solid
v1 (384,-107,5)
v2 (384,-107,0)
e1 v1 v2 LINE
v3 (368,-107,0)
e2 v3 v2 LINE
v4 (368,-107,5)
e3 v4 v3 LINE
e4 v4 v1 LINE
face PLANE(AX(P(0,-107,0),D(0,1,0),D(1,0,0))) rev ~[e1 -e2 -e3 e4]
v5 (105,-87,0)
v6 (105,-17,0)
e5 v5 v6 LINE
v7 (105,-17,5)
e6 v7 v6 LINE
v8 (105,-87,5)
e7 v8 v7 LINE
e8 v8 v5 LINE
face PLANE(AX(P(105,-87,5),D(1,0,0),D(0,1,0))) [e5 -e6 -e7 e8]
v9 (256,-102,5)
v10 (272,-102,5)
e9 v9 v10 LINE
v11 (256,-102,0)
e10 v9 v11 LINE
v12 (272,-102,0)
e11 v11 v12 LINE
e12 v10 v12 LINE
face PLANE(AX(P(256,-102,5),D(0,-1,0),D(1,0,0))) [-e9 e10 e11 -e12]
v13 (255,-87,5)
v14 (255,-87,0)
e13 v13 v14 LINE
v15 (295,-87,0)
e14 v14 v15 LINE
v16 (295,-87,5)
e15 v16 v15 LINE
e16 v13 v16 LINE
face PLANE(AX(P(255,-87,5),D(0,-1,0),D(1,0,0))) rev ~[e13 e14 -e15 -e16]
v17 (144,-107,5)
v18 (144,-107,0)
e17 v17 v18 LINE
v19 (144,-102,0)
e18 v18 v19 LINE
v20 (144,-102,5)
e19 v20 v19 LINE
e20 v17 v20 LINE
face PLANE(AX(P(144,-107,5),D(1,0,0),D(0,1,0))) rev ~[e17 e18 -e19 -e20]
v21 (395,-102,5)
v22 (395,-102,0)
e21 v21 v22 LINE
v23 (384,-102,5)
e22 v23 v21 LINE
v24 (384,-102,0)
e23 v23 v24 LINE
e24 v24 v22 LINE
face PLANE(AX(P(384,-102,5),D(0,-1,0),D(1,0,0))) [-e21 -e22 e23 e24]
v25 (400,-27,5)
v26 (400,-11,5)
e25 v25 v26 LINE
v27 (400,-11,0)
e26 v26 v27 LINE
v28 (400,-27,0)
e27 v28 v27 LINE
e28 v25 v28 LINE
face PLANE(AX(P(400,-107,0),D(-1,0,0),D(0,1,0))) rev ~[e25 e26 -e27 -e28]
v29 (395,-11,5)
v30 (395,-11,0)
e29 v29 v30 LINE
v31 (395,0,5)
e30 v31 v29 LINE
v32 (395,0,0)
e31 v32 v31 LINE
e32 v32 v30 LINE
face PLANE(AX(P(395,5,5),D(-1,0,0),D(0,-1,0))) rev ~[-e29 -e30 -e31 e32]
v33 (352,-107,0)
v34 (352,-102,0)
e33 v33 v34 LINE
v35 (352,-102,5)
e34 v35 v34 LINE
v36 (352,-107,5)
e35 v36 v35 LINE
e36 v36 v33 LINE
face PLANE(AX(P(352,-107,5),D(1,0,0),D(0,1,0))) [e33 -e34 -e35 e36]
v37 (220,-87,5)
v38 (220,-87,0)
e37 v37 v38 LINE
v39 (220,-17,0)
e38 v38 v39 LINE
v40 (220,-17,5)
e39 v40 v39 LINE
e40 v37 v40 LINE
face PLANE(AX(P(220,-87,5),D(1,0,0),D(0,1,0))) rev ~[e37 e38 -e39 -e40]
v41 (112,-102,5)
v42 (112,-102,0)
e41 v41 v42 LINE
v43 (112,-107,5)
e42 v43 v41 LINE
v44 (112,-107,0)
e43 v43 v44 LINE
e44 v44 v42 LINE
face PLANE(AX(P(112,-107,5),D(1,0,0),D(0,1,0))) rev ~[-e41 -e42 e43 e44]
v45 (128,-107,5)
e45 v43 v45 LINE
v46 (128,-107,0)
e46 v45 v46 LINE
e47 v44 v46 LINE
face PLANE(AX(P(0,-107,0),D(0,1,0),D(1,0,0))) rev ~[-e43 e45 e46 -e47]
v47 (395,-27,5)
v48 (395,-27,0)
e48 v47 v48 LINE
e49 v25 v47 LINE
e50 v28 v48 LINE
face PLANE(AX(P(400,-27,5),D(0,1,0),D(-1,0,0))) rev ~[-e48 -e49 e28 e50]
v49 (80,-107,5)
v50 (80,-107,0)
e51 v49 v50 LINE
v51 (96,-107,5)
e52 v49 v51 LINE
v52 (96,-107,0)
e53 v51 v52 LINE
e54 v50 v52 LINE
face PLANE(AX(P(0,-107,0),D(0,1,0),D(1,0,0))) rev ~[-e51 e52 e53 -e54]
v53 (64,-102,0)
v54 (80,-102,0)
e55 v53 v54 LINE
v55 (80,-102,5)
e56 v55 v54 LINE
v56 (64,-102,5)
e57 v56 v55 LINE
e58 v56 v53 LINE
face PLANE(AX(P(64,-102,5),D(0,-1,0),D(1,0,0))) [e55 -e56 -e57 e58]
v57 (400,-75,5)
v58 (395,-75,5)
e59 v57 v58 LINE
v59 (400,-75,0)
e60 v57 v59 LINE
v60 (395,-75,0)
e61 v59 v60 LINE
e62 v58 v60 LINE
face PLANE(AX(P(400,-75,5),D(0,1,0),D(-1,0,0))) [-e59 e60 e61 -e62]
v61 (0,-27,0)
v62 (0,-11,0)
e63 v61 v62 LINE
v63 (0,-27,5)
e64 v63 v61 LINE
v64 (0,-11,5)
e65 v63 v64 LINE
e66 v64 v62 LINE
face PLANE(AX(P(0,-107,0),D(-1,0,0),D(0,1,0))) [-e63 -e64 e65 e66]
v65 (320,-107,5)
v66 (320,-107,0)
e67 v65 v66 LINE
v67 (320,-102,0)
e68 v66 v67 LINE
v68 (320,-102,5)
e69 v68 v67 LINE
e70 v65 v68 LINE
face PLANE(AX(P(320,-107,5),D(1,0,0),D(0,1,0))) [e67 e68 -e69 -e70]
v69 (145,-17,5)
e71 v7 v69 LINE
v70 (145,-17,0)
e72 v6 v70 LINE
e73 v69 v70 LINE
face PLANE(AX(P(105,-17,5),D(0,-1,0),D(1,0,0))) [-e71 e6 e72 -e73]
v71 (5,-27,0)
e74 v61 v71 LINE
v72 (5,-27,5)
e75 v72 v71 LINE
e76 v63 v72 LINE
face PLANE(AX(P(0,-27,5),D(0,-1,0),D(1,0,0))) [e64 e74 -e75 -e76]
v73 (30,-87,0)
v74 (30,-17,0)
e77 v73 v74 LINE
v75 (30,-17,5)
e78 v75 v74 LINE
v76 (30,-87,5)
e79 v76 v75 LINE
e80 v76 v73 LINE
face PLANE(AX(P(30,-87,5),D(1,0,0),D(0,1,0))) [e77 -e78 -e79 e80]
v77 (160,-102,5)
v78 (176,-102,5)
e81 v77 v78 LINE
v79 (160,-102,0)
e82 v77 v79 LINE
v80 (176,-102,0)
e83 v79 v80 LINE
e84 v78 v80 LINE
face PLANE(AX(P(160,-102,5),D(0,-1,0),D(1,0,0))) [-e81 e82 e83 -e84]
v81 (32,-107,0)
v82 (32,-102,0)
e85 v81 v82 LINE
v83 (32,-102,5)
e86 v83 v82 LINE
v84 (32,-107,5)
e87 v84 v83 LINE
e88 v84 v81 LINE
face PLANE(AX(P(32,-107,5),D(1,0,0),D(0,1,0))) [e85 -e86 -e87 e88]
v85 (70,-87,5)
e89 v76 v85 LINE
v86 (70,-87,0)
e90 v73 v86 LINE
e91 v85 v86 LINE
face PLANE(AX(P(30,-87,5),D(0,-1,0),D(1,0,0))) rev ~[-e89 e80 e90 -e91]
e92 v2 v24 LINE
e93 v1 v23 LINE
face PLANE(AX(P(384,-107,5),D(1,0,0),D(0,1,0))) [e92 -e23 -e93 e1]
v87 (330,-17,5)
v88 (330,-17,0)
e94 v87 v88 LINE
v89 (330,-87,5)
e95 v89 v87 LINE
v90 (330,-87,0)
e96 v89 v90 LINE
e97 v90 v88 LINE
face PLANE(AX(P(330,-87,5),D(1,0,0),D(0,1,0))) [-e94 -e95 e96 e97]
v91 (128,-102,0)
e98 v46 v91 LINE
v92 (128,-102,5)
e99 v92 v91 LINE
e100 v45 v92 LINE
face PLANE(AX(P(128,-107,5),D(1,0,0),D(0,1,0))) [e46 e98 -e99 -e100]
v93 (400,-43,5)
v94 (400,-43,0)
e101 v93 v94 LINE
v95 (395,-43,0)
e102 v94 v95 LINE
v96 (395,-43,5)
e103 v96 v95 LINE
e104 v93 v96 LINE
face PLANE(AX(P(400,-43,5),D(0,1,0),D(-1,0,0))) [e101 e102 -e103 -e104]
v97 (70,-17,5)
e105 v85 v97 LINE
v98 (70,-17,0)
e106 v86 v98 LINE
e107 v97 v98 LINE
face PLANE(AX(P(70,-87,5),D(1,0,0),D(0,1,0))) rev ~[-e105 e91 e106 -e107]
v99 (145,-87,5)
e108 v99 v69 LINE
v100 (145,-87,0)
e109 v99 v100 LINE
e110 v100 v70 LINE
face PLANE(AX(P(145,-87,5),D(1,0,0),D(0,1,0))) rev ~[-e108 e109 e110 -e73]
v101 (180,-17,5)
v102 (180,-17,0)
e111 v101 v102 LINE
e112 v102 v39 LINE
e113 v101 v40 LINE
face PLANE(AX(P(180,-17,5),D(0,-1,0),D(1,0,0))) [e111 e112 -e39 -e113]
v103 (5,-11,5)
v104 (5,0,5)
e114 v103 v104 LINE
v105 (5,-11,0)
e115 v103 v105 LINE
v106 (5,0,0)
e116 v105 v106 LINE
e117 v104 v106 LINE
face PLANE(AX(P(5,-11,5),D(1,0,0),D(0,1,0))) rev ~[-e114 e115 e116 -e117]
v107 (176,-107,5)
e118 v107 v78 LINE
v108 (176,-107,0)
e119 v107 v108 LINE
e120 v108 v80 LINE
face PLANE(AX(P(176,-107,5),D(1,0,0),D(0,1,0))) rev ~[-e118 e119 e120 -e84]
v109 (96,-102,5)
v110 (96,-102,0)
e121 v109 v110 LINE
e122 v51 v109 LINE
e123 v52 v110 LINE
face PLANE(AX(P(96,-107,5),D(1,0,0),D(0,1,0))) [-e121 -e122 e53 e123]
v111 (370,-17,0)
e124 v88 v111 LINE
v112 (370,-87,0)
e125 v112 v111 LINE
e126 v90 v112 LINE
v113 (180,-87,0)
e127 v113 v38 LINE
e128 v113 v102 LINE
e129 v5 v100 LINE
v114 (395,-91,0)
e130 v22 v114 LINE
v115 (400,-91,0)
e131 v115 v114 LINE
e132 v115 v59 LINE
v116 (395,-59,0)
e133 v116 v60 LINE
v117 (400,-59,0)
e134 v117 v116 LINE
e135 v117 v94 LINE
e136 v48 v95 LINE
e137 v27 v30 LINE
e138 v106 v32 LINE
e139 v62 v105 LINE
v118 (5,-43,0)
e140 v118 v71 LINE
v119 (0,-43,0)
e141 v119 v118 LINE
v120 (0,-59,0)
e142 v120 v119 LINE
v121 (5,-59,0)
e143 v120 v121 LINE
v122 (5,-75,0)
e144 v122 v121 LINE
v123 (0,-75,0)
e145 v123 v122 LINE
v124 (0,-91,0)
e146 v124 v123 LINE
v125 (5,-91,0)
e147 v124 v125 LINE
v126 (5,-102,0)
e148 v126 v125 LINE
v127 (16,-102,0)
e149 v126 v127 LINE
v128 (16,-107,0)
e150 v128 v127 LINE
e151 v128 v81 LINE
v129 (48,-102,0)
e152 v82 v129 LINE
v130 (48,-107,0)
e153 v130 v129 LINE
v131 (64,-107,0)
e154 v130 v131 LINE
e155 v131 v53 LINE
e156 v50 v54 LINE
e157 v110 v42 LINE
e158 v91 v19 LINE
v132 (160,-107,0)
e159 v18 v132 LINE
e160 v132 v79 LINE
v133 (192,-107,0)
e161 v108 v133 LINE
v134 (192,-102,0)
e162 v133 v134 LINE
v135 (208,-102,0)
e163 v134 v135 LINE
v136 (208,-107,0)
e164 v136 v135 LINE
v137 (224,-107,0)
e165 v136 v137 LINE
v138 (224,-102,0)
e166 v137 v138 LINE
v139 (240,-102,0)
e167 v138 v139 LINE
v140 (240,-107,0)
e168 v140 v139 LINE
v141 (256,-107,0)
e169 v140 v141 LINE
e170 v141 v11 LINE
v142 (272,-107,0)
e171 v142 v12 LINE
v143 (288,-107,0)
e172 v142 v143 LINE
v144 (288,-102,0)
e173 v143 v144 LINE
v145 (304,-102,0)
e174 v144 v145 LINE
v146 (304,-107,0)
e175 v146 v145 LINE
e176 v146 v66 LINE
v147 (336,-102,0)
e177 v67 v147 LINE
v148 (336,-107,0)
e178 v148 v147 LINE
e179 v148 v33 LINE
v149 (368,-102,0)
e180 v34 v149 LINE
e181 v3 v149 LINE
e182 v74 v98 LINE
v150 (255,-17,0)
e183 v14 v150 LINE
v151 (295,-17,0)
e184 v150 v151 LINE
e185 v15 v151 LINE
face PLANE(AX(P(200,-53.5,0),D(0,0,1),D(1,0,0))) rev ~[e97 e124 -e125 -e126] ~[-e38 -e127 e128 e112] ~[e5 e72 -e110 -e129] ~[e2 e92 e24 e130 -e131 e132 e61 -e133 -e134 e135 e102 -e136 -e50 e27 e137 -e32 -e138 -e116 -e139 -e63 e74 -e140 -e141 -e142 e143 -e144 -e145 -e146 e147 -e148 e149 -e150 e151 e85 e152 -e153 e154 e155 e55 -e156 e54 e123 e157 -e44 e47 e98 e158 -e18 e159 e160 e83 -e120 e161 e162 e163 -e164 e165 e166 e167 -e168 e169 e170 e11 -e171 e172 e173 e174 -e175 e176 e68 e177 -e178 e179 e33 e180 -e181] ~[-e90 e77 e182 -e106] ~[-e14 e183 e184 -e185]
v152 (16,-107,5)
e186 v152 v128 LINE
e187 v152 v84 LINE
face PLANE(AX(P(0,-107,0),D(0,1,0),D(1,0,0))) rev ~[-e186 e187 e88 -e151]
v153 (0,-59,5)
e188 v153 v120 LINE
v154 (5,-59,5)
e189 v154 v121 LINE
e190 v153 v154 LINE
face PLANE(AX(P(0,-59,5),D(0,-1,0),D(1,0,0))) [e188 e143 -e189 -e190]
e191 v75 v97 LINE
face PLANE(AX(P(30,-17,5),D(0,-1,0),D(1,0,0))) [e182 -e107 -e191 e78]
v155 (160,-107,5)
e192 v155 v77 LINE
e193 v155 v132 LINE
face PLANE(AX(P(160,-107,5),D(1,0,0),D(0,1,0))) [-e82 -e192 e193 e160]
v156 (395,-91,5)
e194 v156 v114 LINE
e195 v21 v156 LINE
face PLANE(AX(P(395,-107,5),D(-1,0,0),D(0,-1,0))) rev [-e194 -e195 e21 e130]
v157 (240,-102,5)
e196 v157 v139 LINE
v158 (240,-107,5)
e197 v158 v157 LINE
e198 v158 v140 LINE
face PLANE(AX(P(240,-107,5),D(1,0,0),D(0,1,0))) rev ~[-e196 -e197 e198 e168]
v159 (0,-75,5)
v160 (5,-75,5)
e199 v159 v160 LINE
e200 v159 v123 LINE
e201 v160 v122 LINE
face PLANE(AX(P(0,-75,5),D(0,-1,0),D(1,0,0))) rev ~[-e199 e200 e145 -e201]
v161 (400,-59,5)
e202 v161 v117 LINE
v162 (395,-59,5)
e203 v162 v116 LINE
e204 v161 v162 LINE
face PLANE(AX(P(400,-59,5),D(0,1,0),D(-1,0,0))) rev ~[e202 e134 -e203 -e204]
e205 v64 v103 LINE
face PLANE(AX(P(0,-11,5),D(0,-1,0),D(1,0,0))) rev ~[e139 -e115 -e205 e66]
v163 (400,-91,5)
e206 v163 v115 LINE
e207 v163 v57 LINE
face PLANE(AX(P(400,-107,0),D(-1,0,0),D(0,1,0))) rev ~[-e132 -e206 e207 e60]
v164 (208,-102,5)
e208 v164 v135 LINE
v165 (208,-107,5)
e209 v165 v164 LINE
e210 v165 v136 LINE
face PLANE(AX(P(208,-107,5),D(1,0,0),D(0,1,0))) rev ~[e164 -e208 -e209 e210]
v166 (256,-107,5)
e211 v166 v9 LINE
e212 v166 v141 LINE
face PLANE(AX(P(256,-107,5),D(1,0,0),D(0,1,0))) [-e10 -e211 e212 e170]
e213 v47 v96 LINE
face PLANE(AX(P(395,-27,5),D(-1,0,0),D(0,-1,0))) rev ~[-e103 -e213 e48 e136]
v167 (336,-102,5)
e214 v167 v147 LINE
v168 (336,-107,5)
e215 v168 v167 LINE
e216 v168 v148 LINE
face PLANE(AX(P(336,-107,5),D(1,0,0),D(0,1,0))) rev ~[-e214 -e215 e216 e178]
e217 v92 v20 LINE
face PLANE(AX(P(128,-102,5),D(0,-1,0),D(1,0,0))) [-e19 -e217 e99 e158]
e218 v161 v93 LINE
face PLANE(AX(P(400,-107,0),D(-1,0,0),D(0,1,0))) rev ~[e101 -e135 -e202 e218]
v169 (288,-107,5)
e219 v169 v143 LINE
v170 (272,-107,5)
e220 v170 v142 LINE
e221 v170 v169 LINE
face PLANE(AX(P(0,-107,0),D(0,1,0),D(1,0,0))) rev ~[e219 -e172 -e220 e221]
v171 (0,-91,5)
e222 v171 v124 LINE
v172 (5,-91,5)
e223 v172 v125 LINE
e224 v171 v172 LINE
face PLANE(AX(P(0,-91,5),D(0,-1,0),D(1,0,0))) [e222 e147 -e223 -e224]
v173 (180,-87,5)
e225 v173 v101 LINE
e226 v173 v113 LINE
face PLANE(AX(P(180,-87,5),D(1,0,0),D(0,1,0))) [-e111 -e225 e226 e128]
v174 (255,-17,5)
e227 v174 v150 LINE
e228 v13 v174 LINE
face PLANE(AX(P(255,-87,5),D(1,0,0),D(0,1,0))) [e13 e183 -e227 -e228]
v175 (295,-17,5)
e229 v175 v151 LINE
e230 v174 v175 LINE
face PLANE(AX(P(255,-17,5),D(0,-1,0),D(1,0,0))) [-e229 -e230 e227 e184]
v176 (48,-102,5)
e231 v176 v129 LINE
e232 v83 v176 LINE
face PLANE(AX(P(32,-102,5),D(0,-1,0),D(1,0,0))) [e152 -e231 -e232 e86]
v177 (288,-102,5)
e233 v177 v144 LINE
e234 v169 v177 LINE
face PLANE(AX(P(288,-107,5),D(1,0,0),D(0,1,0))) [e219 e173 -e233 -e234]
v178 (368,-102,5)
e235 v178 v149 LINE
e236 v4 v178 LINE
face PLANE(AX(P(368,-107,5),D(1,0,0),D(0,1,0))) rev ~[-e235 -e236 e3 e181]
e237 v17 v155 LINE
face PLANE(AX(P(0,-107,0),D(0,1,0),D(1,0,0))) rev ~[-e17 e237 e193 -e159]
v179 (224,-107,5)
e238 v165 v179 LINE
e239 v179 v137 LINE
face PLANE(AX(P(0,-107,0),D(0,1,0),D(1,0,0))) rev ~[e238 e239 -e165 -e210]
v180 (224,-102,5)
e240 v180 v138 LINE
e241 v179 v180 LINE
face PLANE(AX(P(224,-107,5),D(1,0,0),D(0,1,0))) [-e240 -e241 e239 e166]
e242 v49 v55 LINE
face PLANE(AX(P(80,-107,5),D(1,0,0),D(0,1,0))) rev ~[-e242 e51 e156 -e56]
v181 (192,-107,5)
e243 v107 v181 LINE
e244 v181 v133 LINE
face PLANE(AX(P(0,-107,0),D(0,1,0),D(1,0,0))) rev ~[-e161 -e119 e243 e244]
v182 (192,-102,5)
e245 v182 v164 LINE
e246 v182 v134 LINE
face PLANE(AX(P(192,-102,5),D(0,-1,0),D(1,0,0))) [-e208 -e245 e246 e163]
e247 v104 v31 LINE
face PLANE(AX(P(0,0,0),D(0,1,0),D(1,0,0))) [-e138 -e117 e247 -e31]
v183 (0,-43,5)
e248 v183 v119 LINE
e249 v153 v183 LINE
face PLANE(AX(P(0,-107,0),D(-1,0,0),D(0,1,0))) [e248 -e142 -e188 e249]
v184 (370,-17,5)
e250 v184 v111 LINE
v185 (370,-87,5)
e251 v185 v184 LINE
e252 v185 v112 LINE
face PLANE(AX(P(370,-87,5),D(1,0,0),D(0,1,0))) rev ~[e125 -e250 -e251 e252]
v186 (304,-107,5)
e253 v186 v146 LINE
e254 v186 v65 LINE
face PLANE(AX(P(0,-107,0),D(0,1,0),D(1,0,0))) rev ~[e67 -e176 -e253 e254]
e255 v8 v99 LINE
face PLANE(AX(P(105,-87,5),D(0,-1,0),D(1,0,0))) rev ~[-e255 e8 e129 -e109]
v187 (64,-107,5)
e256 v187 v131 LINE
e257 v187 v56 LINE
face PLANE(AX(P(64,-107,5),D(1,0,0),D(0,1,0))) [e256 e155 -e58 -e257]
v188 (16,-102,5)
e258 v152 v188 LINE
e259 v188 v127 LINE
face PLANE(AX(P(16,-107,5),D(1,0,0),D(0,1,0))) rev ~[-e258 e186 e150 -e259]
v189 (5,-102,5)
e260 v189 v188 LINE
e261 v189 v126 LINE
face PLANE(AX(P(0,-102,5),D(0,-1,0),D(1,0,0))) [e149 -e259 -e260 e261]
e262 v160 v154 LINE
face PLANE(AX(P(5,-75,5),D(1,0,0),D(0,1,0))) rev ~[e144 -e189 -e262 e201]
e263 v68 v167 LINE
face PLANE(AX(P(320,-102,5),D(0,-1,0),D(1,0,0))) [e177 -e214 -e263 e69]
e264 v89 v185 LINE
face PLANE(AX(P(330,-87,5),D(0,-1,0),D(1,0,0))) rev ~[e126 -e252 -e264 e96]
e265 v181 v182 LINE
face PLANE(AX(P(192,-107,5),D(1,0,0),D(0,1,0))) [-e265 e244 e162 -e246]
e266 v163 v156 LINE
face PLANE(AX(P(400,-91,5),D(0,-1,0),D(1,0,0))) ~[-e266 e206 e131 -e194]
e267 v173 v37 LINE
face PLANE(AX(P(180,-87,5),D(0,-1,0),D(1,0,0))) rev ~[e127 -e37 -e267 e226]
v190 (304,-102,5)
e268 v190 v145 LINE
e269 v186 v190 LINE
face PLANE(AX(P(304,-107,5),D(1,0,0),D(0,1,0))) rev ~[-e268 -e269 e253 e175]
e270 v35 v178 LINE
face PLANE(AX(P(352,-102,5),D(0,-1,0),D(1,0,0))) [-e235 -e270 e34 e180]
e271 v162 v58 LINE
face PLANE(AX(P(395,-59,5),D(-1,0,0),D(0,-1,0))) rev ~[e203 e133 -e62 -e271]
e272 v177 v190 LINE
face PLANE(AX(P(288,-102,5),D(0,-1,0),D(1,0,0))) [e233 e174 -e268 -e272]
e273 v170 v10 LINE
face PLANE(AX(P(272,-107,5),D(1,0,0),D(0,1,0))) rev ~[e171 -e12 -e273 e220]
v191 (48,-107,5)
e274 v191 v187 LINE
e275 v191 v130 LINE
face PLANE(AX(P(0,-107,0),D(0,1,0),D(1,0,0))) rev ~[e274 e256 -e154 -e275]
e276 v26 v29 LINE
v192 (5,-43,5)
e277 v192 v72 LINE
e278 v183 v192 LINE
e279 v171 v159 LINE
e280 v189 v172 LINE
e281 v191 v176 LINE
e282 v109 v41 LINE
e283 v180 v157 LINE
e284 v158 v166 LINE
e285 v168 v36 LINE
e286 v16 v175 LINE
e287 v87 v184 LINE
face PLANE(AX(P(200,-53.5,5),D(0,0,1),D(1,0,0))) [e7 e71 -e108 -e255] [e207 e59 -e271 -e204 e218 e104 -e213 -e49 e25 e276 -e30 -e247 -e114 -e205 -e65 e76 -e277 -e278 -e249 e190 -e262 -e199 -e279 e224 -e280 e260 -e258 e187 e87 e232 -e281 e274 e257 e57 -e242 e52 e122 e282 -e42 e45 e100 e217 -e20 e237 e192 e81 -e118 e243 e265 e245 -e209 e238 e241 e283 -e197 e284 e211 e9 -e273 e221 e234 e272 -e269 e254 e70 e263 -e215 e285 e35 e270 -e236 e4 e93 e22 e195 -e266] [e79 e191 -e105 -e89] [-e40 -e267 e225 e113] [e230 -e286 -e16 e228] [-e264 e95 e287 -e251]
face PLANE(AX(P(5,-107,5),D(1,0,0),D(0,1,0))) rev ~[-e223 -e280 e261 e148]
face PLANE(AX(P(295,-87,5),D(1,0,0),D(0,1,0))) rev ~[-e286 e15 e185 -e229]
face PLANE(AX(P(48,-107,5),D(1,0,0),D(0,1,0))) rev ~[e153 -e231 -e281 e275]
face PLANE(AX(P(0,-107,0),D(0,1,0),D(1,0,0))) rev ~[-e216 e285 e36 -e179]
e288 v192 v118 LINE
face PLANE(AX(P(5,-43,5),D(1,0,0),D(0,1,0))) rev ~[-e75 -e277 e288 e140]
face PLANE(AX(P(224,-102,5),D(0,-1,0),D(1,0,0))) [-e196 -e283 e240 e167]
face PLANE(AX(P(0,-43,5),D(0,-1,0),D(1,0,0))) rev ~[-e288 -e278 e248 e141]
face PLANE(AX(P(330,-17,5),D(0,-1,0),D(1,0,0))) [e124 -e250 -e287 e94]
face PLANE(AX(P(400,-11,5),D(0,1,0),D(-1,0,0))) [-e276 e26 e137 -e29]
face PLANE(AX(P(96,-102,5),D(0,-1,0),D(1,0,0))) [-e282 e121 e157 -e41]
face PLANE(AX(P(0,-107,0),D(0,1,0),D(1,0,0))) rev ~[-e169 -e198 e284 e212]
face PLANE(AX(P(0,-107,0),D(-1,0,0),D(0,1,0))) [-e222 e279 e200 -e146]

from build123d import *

# Parameters (mm, degrees)
ESQUISSE1_W                = 400
ESQUISSE1_H                = 107
BOSS_EXTRU_1_DEPTH         = 5
ESQUISSE2_W                = 5
ESQUISSE2_H                = 16
ENL_V_MAT_EXTRU_1_DEPTH    = 5
R_P_TITION_LIN_AIRE1_COUNT = 4
R_P_TITION_LIN_AIRE1_PITCH = 32
SYM_TRIE1_COPY_1_SKETCH_W  = 5
SYM_TRIE1_COPY_1_SKETCH_H  = 16
SYM_TRIE1_COPY_1_DEPTH     = 5
SYM_TRIE1_COPY_2_SKETCH_W  = 5
SYM_TRIE1_COPY_2_SKETCH_H  = 16
SYM_TRIE1_COPY_2_DEPTH     = 5
SYM_TRIE1_COPY_3_SKETCH_W  = 5
SYM_TRIE1_COPY_3_SKETCH_H  = 16
SYM_TRIE1_COPY_3_DEPTH     = 5
ESQUISSE3_W                = 16
ESQUISSE3_H                = 5
ENL_V_MAT_EXTRU_2_DEPTH    = 5
R_P_TITION_LIN_AIRE2_COUNT = 13
R_P_TITION_LIN_AIRE2_PITCH = 32
ESQUISSE4_W                = 40
ESQUISSE4_H                = 70
ENL_V_MAT_EXTRU_3_DEPTH    = 10
R_P_TITION_LIN_AIRE3_COUNT = 5
R_P_TITION_LIN_AIRE3_PITCH = 75


with BuildPart() as part:
    # Esquisse1 → Boss.-Extru.1 (new body)
    with BuildSketch(Plane.XY):
        with Locations((200, -53.5)):
            Rectangle(ESQUISSE1_W, ESQUISSE1_H)
    extrude(amount=BOSS_EXTRU_1_DEPTH)

    # Esquisse2 → Enlèv. mat.-Extru.1 (cut)
    with BuildSketch(Plane.XY.offset(5)):
        with Locations((2.5, -99)):
            Rectangle(ESQUISSE2_W, ESQUISSE2_H)
    enl_v_mat_extru_1 = extrude(amount=-ENL_V_MAT_EXTRU_1_DEPTH, mode=Mode.SUBTRACT)

    # Répétition linéaire1: Enlèv. mat.-Extru.1 ×4
    with Locations(*[(0, i * R_P_TITION_LIN_AIRE1_PITCH, 0) for i in range(1, R_P_TITION_LIN_AIRE1_COUNT)]):
        add(enl_v_mat_extru_1, mode=Mode.SUBTRACT)

    # Symétrie1: Enlèv. mat.-Extru.1 across plane
    add(enl_v_mat_extru_1.mirror(Plane.ZY.offset(-200)), mode=Mode.SUBTRACT)

    # Symétrie1 copy 1 sketch → Symétrie1 copy 1 (cut)
    with BuildSketch(Plane(origin=(400, 32, 5), x_dir=(-1, 0, 0), z_dir=(0, 0, 1))):
        with Locations((2.5, 99)):
            Rectangle(SYM_TRIE1_COPY_1_SKETCH_W, SYM_TRIE1_COPY_1_SKETCH_H)
    extrude(amount=-SYM_TRIE1_COPY_1_DEPTH, mode=Mode.SUBTRACT)

    # Symétrie1 copy 2 sketch → Symétrie1 copy 2 (cut)
    with BuildSketch(Plane(origin=(400, 64, 5), x_dir=(-1, 0, 0), z_dir=(0, 0, 1))):
        with Locations((2.5, 99)):
            Rectangle(SYM_TRIE1_COPY_2_SKETCH_W, SYM_TRIE1_COPY_2_SKETCH_H)
    extrude(amount=-SYM_TRIE1_COPY_2_DEPTH, mode=Mode.SUBTRACT)

    # Symétrie1 copy 3 sketch → Symétrie1 copy 3 (cut)
    with BuildSketch(Plane(origin=(400, 96, 5), x_dir=(-1, 0, 0), z_dir=(0, 0, 1))):
        with Locations((2.5, 99)):
            Rectangle(SYM_TRIE1_COPY_3_SKETCH_W, SYM_TRIE1_COPY_3_SKETCH_H)
    extrude(amount=-SYM_TRIE1_COPY_3_DEPTH, mode=Mode.SUBTRACT)

    # Esquisse3 → Enlèv. mat.-Extru.2 (cut)
    with BuildSketch(Plane.XY.offset(5)):
        with Locations((8, -104.5)):
            Rectangle(ESQUISSE3_W, ESQUISSE3_H)
    enl_v_mat_extru_2 = extrude(amount=-ENL_V_MAT_EXTRU_2_DEPTH, mode=Mode.SUBTRACT)

    # Répétition linéaire2: Enlèv. mat.-Extru.2 ×13
    with Locations(*[(i * R_P_TITION_LIN_AIRE2_PITCH, 0, 0) for i in range(1, R_P_TITION_LIN_AIRE2_COUNT)]):
        add(enl_v_mat_extru_2, mode=Mode.SUBTRACT)

    # Esquisse4 → Enlèv. mat.-Extru.3 (cut)
    with BuildSketch(Plane.XY.offset(5)):
        with Locations((50, -52)):
            Rectangle(ESQUISSE4_W, ESQUISSE4_H)
    enl_v_mat_extru_3 = extrude(amount=-ENL_V_MAT_EXTRU_3_DEPTH, mode=Mode.SUBTRACT)

    # Répétition linéaire3: Enlèv. mat.-Extru.3 ×5
    with Locations(*[(i * R_P_TITION_LIN_AIRE3_PITCH, 0, 0) for i in range(1, R_P_TITION_LIN_AIRE3_COUNT)]):
        add(enl_v_mat_extru_3, mode=Mode.SUBTRACT)


solid = part.part
